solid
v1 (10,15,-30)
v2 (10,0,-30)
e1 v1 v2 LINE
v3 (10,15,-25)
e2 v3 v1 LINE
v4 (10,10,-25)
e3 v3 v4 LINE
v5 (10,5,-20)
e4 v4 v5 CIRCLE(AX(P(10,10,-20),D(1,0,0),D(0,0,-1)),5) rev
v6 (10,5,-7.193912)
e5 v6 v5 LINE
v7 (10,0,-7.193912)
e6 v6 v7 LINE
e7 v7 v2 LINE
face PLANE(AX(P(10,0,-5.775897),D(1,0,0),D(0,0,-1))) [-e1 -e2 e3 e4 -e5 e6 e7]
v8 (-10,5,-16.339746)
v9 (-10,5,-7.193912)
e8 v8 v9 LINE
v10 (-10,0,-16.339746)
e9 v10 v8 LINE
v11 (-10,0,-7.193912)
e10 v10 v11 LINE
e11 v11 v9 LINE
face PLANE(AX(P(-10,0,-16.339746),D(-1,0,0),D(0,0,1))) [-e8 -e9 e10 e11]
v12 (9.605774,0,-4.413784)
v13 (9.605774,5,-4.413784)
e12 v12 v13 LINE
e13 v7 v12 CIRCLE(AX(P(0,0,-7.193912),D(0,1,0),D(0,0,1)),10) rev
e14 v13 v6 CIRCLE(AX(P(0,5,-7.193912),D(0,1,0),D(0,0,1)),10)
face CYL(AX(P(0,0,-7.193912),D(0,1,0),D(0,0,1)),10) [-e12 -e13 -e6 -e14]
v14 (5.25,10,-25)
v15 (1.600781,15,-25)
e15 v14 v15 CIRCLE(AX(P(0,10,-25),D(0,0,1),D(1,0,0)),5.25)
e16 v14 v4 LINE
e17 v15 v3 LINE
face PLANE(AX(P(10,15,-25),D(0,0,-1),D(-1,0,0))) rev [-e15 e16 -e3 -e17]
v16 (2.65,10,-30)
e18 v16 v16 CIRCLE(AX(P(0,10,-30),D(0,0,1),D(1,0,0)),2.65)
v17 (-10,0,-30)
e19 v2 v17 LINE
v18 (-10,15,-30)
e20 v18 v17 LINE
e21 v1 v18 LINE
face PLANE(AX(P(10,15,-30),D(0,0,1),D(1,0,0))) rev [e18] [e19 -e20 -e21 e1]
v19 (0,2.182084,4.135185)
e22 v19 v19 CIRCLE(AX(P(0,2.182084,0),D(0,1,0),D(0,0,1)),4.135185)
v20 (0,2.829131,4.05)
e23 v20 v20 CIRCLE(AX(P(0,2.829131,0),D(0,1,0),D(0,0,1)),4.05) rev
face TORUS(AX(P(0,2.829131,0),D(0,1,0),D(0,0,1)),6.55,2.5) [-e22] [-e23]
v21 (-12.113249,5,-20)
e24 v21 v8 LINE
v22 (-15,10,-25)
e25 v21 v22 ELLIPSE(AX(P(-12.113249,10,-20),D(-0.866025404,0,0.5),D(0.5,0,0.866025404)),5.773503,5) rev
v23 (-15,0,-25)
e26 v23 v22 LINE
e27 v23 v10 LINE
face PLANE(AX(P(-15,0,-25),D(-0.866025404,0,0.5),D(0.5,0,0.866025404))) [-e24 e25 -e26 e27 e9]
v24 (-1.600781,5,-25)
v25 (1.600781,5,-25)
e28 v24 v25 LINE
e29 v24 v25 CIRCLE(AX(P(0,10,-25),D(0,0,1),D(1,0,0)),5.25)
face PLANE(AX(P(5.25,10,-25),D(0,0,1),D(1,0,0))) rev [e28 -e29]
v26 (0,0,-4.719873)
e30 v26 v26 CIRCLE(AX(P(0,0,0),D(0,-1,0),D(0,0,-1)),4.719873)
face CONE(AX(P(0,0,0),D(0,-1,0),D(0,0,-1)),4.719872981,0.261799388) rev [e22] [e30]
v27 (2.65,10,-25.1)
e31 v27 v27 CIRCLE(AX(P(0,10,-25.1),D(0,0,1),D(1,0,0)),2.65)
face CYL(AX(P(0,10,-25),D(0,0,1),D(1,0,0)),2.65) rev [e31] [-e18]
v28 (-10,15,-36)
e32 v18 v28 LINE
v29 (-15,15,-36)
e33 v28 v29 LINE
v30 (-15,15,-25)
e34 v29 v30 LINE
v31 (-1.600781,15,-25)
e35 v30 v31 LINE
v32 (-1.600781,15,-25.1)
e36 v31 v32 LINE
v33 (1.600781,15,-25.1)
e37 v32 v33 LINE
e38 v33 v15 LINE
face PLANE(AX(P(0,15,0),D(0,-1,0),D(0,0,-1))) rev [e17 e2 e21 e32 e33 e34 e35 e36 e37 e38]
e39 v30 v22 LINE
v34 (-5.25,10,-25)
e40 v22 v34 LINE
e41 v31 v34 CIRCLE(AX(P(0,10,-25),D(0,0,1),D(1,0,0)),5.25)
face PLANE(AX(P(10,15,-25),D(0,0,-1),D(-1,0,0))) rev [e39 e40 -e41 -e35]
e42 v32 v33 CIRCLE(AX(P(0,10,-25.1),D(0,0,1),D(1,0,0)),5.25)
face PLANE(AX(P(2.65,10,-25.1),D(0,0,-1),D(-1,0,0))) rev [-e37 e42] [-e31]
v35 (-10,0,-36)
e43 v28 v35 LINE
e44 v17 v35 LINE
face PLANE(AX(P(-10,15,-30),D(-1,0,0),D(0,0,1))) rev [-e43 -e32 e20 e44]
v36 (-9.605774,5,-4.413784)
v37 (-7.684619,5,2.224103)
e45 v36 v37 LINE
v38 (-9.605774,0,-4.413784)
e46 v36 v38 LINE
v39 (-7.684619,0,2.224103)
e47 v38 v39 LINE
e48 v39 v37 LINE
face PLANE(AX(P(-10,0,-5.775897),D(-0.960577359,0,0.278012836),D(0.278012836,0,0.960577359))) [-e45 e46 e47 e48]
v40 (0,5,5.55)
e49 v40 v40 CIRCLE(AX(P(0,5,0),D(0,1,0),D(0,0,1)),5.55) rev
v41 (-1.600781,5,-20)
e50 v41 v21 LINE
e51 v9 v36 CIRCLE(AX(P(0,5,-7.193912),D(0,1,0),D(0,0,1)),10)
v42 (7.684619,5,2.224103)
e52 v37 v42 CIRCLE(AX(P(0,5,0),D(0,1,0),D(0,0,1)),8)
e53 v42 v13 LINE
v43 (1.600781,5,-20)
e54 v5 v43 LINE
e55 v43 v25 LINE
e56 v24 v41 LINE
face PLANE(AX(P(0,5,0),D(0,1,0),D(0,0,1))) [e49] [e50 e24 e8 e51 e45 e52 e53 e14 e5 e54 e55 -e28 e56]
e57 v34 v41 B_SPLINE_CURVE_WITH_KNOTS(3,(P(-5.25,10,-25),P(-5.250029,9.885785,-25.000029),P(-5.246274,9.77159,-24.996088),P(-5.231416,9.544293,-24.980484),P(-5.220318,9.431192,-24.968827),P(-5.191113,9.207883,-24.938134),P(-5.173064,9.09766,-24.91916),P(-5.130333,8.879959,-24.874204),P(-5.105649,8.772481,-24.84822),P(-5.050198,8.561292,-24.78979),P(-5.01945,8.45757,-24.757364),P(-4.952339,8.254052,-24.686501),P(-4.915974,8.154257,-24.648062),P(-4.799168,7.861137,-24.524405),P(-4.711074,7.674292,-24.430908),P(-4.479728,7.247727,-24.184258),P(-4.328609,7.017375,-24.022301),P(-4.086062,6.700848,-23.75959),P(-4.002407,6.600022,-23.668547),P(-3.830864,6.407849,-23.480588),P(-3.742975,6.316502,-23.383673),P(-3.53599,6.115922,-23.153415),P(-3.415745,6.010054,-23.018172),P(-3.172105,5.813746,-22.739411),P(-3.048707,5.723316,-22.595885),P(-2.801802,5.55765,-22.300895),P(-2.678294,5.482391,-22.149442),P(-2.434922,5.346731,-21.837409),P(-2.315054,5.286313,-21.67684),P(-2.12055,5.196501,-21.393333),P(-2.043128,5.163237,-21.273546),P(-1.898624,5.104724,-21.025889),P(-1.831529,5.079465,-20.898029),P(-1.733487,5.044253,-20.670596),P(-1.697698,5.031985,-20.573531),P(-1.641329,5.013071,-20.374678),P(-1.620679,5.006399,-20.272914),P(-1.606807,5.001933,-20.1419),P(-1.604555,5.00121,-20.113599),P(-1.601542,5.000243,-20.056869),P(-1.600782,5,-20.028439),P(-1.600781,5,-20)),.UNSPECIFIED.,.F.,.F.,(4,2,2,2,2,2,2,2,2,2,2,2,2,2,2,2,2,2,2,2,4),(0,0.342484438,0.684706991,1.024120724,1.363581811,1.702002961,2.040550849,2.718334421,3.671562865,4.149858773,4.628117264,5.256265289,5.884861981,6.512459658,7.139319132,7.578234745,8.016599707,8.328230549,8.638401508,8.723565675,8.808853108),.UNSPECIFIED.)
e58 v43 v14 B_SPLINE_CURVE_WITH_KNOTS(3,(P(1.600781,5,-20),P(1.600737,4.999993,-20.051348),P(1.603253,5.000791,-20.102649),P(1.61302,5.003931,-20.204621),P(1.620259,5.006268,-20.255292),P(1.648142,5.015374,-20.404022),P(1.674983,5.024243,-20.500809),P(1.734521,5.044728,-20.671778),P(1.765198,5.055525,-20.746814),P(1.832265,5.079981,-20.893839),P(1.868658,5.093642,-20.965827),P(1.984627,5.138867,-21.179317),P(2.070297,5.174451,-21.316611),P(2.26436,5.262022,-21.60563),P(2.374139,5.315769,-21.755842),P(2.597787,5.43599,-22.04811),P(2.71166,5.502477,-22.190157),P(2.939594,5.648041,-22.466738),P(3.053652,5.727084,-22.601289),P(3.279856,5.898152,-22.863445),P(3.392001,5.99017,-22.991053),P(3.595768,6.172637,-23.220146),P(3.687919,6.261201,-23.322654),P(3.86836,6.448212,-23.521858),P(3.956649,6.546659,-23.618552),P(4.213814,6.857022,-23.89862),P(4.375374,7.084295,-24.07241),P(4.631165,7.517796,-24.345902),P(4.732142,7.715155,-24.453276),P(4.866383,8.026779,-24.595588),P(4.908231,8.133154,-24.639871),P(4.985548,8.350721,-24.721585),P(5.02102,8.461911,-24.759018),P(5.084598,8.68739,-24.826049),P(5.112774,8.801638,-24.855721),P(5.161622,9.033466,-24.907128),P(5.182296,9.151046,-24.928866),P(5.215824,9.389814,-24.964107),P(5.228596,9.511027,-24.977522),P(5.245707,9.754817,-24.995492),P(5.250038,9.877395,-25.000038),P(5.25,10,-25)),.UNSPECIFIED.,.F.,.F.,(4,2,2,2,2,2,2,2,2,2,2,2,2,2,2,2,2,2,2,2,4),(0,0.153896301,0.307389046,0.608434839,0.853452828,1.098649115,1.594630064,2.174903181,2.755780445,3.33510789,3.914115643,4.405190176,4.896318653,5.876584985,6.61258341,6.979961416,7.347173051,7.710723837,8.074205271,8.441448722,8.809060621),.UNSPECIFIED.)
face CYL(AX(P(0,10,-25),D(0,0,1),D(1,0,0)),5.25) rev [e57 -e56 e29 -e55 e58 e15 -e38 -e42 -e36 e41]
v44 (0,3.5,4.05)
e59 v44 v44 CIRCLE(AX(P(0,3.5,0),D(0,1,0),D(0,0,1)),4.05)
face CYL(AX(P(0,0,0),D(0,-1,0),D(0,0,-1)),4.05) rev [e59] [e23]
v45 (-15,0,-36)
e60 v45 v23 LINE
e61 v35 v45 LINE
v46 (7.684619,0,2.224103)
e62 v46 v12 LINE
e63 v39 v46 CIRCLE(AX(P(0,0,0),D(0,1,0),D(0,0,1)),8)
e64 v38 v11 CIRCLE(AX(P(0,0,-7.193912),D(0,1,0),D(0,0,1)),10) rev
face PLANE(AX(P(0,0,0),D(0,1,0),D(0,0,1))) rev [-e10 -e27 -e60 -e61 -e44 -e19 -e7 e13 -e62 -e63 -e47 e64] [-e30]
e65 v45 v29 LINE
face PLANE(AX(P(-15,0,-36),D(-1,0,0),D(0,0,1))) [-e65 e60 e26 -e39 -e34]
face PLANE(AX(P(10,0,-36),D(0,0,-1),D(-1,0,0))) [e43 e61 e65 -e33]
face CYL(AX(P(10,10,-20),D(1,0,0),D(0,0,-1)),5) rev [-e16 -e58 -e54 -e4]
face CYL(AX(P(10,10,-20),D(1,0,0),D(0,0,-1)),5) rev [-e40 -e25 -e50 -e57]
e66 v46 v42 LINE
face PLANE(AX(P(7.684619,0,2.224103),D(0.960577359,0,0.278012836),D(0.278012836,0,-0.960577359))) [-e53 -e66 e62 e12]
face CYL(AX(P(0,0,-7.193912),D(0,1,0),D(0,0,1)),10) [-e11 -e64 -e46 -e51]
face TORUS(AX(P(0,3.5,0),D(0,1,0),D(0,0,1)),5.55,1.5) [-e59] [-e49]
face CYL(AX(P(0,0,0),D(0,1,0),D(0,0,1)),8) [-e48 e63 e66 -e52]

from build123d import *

# Parameters (mm, degrees)
BOSS_EXTRUDE1_DEPTH = 5
SKETCH2_W           = 25
SKETCH2_H           = 11
BOSS_EXTRUDE2_DEPTH = 10
SKETCH3_W           = 20
SKETCH3_H           = 6
CUT_EXTRUDE1_DEPTH  = 16
FILLET1_R           = 1.5
FILLET2_R           = 2.5
FILLET3_R           = 5
FILLET4_R           = 10


with BuildPart() as part:
    # Sketch1 → Boss-Extrude1 (new body)
    with BuildSketch(Plane(origin=(0, 5, 0), x_dir=(1, 0, 0), z_dir=(0, 1, 0))):
        with BuildLine():
            Line((10, 5.775897312), (10, 36))
            Line((10, 36), (-15, 36))
            Line((-15, 36), (-15, 25))
            Line((-15, 25), (-10, 16.339745962))
            Line((-10, 16.339745962), (-10, 5.775897312))
            Line((-10, 5.775897312), (-7.684618874, -2.224102688))
            ThreePointArc((-7.684618874, -2.224102688), (0, -8), (7.684618874, -2.224102688))
            Line((7.684618874, -2.224102688), (10, 5.775897312))
        make_face()
    extrude(amount=-BOSS_EXTRUDE1_DEPTH)

    # Sketch2 → Boss-Extrude2 (add)
    with BuildSketch(Plane(origin=(0, 5, 0), x_dir=(-1, 0, 0), z_dir=(0, 1, 0))):
        with Locations((2.5, -30.5)):
            Rectangle(SKETCH2_W, SKETCH2_H)
    extrude(amount=BOSS_EXTRUDE2_DEPTH)

    # Sketch3 → Cut-Extrude1 (cut, through all)
    with BuildSketch(Plane.XZ):
        with Locations((0, -33)):
            Rectangle(SKETCH3_W, SKETCH3_H)
    extrude(amount=-CUT_EXTRUDE1_DEPTH, mode=Mode.SUBTRACT)

    # Sketch6 → Ø8.1 (8.1) Diameter Hole1 (revolve, cut)
    with BuildSketch(Plane(origin=(0, 0, 0), x_dir=(0, 0, -1), z_dir=(1, 0, 0))):
        Polygon((0, 0), (0, 15), (4.05, 15), (4.05, 2.5), (4.719872981, 0), align=None)
    revolve(axis=Axis((0, -6.35, 0), (0, 1, 0)), mode=Mode.SUBTRACT)

    # Sketch4 → CBORE for M5 SBHCS1 (revolve, cut)
    with BuildSketch(Plane(origin=(0, 10, -25), x_dir=(0, -1, 0), z_dir=(1, 0, 0))):
        Polygon((0, 0), (0, 11), (2.65, 11), (2.65, 0.1), (5.25, 0.1), (5.25, 0), align=None)
    revolve(axis=Axis((0, 10, -18.65), (0, 0, -1)), mode=Mode.SUBTRACT)

    # Fillet1
    fillet1_edges = [part.edges().sort_by_distance(p)[0] for p in [
        (0, 5, 4.05),
    ]]
    fillet(fillet1_edges, radius=FILLET1_R)

    # Fillet2
    fillet2_edges = [part.edges().sort_by_distance(p)[0] for p in [
        (0, 2.5, 4.05),
    ]]
    fillet(fillet2_edges, radius=FILLET2_R)

    # Fillet3
    fillet3_edges = [part.edges().sort_by_distance(p)[0] for p in [
        (-8.30039053, 5, -25),
        (5.80039053, 5, -25),
    ]]
    fillet(fillet3_edges, radius=FILLET3_R)

    # Fillet4
    fillet4_edges = [part.edges().sort_by_distance(p)[0] for p in [
        (-10, 2.5, -5.775897312),
        (10, 2.5, -5.775897312),
    ]]
    fillet(fillet4_edges, radius=FILLET4_R)


solid = part.part
